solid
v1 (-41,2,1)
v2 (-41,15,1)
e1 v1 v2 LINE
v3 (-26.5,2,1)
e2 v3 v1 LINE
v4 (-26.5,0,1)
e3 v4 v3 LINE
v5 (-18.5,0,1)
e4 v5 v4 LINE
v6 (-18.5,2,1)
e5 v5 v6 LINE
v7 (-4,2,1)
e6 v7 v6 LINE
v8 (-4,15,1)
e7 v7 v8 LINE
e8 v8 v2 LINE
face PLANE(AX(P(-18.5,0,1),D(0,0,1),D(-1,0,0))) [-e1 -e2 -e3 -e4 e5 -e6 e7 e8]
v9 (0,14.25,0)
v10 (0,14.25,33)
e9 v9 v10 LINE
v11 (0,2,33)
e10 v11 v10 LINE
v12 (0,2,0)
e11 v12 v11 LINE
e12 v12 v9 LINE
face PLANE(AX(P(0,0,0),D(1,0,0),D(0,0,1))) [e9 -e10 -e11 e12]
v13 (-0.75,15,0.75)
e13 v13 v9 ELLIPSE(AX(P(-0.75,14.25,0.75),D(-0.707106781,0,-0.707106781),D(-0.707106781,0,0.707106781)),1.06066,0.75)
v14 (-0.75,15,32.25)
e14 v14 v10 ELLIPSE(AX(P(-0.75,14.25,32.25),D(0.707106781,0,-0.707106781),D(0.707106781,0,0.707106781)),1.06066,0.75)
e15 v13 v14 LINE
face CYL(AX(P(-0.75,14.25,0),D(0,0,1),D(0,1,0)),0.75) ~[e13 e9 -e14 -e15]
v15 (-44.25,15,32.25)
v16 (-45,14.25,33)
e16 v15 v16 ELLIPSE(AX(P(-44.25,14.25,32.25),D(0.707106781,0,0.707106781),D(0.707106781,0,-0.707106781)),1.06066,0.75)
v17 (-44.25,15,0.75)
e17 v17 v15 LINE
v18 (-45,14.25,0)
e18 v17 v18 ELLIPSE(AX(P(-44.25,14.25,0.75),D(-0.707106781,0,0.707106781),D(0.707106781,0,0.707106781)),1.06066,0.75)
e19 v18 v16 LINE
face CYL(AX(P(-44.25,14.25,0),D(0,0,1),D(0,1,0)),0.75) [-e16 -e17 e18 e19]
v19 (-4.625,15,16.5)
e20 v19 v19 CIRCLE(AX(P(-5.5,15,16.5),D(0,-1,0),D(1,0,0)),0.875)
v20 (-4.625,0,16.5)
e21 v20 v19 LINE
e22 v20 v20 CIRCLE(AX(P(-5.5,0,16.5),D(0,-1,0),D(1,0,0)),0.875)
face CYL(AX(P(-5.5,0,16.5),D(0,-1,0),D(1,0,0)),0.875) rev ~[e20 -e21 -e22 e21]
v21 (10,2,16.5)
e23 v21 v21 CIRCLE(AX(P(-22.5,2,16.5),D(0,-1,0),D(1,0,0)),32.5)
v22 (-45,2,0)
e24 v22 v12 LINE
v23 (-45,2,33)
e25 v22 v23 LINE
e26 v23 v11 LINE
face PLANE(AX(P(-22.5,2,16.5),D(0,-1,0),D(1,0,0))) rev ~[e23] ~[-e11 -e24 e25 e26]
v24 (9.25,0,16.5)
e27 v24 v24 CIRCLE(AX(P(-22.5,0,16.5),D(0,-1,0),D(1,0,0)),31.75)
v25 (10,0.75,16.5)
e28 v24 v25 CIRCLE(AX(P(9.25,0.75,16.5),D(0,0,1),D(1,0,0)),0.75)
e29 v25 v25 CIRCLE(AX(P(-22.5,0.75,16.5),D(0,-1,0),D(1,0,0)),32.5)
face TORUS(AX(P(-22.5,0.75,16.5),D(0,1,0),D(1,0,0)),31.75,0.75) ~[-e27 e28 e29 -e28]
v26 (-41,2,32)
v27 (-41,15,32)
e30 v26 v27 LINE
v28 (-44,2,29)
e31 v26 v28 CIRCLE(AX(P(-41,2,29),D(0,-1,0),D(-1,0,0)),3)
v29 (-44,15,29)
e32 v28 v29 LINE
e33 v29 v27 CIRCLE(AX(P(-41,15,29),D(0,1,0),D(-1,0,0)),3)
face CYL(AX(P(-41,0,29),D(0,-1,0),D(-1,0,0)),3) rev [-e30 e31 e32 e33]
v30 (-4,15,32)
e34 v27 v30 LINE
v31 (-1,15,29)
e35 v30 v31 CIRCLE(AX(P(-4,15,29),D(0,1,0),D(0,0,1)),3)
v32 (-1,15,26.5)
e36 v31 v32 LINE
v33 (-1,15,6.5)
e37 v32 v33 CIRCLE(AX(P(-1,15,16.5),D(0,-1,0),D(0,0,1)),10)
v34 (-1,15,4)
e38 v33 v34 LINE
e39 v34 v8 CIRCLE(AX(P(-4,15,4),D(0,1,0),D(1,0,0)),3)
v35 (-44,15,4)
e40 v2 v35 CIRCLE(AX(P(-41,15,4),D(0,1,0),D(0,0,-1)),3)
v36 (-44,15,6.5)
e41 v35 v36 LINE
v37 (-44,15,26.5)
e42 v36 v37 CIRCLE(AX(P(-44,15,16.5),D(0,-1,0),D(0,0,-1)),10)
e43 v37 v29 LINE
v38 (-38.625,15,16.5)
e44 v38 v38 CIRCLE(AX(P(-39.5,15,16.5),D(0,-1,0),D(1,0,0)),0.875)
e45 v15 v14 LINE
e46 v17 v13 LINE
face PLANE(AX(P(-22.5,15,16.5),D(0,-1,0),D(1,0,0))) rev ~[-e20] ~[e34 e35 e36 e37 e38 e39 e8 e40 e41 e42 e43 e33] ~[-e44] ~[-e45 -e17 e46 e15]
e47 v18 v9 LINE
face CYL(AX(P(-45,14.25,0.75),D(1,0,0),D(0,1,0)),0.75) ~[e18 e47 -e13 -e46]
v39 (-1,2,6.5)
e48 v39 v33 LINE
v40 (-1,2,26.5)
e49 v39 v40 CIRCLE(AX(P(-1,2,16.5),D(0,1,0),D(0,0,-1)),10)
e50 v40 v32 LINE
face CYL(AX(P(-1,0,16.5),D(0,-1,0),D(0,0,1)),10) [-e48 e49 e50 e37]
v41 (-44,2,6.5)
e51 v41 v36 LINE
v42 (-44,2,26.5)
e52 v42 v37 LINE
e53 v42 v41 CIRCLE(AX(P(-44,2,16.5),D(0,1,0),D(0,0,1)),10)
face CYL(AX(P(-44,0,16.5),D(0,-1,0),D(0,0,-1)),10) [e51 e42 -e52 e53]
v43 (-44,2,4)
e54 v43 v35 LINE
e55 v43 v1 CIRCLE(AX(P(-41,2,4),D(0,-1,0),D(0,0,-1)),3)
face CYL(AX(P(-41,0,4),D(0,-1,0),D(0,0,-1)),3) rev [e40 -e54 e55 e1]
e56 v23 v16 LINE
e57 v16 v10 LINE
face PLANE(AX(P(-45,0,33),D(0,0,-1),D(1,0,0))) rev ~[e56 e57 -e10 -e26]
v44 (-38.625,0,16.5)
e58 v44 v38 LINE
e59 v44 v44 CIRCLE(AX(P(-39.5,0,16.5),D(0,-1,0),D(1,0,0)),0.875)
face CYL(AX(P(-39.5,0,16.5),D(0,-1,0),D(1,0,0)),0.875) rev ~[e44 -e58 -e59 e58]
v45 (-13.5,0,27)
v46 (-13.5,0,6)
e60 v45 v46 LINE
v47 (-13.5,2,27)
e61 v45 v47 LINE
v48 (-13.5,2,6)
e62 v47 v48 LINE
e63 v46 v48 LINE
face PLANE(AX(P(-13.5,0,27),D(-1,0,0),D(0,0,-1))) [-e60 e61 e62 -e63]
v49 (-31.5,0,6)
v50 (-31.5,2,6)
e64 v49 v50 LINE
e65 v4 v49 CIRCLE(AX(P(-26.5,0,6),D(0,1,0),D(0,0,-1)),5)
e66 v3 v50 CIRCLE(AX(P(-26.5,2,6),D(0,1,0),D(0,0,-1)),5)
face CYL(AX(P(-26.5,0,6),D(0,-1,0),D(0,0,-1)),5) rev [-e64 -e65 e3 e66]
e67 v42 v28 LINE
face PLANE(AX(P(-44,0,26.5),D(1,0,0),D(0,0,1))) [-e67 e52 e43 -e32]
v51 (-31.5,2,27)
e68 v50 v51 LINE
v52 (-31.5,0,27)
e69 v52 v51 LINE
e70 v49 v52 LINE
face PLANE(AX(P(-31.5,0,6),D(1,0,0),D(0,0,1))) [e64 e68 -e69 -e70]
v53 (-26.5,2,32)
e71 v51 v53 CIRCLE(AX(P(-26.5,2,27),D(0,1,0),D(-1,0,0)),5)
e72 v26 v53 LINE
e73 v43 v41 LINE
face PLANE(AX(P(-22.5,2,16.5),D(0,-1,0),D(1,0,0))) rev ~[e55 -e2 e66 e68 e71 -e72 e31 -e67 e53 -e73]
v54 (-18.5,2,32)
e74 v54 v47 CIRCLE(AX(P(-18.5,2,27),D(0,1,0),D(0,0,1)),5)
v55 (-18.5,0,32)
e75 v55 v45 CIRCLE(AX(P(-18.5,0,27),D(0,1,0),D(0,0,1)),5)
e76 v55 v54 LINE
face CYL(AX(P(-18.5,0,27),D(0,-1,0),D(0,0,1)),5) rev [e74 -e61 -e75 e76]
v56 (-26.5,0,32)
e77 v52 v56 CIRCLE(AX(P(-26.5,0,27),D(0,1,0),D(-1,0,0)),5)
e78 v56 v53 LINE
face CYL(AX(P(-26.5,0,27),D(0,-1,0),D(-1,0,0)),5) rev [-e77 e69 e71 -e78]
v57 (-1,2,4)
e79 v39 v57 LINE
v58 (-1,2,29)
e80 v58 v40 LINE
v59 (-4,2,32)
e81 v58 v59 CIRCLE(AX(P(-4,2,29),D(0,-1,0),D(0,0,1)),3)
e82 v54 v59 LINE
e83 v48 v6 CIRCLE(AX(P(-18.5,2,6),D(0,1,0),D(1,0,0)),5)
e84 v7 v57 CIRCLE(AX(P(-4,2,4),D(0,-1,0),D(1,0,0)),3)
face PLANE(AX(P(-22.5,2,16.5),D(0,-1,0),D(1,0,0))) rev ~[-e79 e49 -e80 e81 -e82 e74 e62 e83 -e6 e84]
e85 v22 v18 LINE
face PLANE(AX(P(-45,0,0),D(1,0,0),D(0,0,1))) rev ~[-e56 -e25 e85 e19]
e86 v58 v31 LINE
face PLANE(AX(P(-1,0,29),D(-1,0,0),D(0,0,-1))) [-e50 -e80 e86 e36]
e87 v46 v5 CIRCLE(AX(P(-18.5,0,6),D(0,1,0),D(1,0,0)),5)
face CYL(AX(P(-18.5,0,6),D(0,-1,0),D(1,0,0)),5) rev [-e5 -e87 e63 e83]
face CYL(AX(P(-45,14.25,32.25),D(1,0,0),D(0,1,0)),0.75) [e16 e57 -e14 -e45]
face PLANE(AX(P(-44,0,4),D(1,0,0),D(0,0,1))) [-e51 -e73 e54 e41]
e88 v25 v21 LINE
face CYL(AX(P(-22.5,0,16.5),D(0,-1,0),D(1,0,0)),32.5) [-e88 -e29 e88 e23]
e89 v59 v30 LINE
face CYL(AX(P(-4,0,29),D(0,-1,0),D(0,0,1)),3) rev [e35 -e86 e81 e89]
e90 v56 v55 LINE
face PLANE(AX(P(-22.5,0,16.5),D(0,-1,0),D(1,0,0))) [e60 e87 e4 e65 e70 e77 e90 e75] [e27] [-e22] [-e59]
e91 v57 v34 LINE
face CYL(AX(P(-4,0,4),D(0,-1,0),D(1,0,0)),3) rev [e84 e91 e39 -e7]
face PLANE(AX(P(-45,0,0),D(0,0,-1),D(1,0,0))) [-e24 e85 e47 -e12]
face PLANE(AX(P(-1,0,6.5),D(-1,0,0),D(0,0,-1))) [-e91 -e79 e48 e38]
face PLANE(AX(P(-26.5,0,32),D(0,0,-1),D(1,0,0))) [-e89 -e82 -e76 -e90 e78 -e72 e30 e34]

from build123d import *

# Parameters (mm, degrees)
F0_R     = 32.5
F0_W     = 45
F0_H     = 33
F1_DEPTH = 2
F0_R_2   = 0.875
F2_DEPTH = 15
F3_R     = 0.75
F4_R     = 0.75


with BuildPart() as f1:
    # F0 (on Front) → F1 (new body)
    with BuildSketch(Plane.XZ):
        with Locations((-22.5, 16.5)):
            Circle(F0_R)
        with Locations((-22.5, 16.5)):
            Rectangle(F0_W, F0_H, mode=Mode.SUBTRACT)
        with Locations((-22.5, 16.5)):
            Rectangle(F0_W, F0_H)
        with BuildLine():
            Line((-18.5, 32), (-4, 32))
            ThreePointArc((-4, 32), (-1.8786796564, 31.1213203436), (-1, 29))
            Line((-1, 29), (-1, 26.5))
            Line((-1, 26.5), (-1, 6.5))
            Line((-1, 6.5), (-1, 4))
            ThreePointArc((-1, 4), (-1.8786796564, 1.8786796564), (-4, 1))
            Line((-4, 1), (-18.5, 1))
            Line((-18.5, 1), (-26.5, 1))
            Line((-26.5, 1), (-41, 1))
            ThreePointArc((-41, 1), (-43.1213203436, 1.8786796564), (-44, 4))
            Line((-44, 4), (-44, 6.5))
            Line((-44, 6.5), (-44, 26.5))
            Line((-44, 26.5), (-44, 29))
            ThreePointArc((-44, 29), (-43.1213203436, 31.1213203436), (-41, 32))
            Line((-41, 32), (-26.5, 32))
            Line((-26.5, 32), (-18.5, 32))
        make_face(mode=Mode.SUBTRACT)
        with BuildLine():
            ThreePointArc((-1, 29), (-1.8786796564, 31.1213203436), (-4, 32))
            Line((-4, 32), (-18.5, 32))
            ThreePointArc((-18.5, 32), (-14.9644660941, 30.5355339059), (-13.5, 27))
            Line((-13.5, 27), (-13.5, 6))
            ThreePointArc((-13.5, 6), (-14.9644660941, 2.4644660941), (-18.5, 1))
            Line((-18.5, 1), (-4, 1))
            ThreePointArc((-4, 1), (-1.8786796564, 1.8786796564), (-1, 4))
            Line((-1, 4), (-1, 6.5))
            ThreePointArc((-1, 6.5), (-11, 16.5), (-1, 26.5))
            Line((-1, 26.5), (-1, 29))
        make_face()
        with BuildLine():
            ThreePointArc((-31.5, 27), (-30.0355339059, 30.5355339059), (-26.5, 32))
            Line((-26.5, 32), (-41, 32))
            ThreePointArc((-41, 32), (-43.1213203436, 31.1213203436), (-44, 29))
            Line((-44, 29), (-44, 26.5))
            ThreePointArc((-44, 26.5), (-34, 16.5), (-44, 6.5))
            Line((-44, 6.5), (-44, 4))
            ThreePointArc((-44, 4), (-43.1213203436, 1.8786796564), (-41, 1))
            Line((-41, 1), (-26.5, 1))
            ThreePointArc((-26.5, 1), (-30.0355339059, 2.4644660941), (-31.5, 6))
            Line((-31.5, 6), (-31.5, 27))
        make_face()
    extrude(amount=-F1_DEPTH)

    # F0 (on Front) → F2 (join)
    with BuildSketch(Plane.XZ):
        with Locations((-22.5, 16.5)):
            Rectangle(F0_W, F0_H)
        with BuildLine():
            Line((-18.5, 32), (-4, 32))
            ThreePointArc((-4, 32), (-1.8786796564, 31.1213203436), (-1, 29))
            Line((-1, 29), (-1, 26.5))
            Line((-1, 26.5), (-1, 6.5))
            Line((-1, 6.5), (-1, 4))
            ThreePointArc((-1, 4), (-1.8786796564, 1.8786796564), (-4, 1))
            Line((-4, 1), (-18.5, 1))
            Line((-18.5, 1), (-26.5, 1))
            Line((-26.5, 1), (-41, 1))
            ThreePointArc((-41, 1), (-43.1213203436, 1.8786796564), (-44, 4))
            Line((-44, 4), (-44, 6.5))
            Line((-44, 6.5), (-44, 26.5))
            Line((-44, 26.5), (-44, 29))
            ThreePointArc((-44, 29), (-43.1213203436, 31.1213203436), (-41, 32))
            Line((-41, 32), (-26.5, 32))
            Line((-26.5, 32), (-18.5, 32))
        make_face(mode=Mode.SUBTRACT)
        with BuildLine():
            Line((-1, 6.5), (-1, 26.5))
            ThreePointArc((-1, 26.5), (-11, 16.5), (-1, 6.5))
        make_face()
        with Locations((-5.5, 16.5)):
            Circle(F0_R_2, mode=Mode.SUBTRACT)
        with BuildLine():
            ThreePointArc((-44, 6.5), (-34, 16.5), (-44, 26.5))
            Line((-44, 26.5), (-44, 6.5))
        make_face()
        with Locations((-39.5, 16.5)):
            Circle(F0_R_2, mode=Mode.SUBTRACT)
    extrude(amount=-F2_DEPTH)

    # F3
    f3_edges = [f1.edges().sort_by_distance(p)[0] for p in [
        (-55, 0, 16.5),
    ]]
    fillet(f3_edges, radius=F3_R)

    # F4
    f4_edges = [f1.edges().sort_by_distance(p)[0] for p in [
        (0, 15, 16.5),
        (-22.5, 15, 33),
        (-22.5, 15, 0),
        (-45, 15, 16.5),
    ]]
    fillet(f4_edges, radius=F4_R)


solid = f1.part
